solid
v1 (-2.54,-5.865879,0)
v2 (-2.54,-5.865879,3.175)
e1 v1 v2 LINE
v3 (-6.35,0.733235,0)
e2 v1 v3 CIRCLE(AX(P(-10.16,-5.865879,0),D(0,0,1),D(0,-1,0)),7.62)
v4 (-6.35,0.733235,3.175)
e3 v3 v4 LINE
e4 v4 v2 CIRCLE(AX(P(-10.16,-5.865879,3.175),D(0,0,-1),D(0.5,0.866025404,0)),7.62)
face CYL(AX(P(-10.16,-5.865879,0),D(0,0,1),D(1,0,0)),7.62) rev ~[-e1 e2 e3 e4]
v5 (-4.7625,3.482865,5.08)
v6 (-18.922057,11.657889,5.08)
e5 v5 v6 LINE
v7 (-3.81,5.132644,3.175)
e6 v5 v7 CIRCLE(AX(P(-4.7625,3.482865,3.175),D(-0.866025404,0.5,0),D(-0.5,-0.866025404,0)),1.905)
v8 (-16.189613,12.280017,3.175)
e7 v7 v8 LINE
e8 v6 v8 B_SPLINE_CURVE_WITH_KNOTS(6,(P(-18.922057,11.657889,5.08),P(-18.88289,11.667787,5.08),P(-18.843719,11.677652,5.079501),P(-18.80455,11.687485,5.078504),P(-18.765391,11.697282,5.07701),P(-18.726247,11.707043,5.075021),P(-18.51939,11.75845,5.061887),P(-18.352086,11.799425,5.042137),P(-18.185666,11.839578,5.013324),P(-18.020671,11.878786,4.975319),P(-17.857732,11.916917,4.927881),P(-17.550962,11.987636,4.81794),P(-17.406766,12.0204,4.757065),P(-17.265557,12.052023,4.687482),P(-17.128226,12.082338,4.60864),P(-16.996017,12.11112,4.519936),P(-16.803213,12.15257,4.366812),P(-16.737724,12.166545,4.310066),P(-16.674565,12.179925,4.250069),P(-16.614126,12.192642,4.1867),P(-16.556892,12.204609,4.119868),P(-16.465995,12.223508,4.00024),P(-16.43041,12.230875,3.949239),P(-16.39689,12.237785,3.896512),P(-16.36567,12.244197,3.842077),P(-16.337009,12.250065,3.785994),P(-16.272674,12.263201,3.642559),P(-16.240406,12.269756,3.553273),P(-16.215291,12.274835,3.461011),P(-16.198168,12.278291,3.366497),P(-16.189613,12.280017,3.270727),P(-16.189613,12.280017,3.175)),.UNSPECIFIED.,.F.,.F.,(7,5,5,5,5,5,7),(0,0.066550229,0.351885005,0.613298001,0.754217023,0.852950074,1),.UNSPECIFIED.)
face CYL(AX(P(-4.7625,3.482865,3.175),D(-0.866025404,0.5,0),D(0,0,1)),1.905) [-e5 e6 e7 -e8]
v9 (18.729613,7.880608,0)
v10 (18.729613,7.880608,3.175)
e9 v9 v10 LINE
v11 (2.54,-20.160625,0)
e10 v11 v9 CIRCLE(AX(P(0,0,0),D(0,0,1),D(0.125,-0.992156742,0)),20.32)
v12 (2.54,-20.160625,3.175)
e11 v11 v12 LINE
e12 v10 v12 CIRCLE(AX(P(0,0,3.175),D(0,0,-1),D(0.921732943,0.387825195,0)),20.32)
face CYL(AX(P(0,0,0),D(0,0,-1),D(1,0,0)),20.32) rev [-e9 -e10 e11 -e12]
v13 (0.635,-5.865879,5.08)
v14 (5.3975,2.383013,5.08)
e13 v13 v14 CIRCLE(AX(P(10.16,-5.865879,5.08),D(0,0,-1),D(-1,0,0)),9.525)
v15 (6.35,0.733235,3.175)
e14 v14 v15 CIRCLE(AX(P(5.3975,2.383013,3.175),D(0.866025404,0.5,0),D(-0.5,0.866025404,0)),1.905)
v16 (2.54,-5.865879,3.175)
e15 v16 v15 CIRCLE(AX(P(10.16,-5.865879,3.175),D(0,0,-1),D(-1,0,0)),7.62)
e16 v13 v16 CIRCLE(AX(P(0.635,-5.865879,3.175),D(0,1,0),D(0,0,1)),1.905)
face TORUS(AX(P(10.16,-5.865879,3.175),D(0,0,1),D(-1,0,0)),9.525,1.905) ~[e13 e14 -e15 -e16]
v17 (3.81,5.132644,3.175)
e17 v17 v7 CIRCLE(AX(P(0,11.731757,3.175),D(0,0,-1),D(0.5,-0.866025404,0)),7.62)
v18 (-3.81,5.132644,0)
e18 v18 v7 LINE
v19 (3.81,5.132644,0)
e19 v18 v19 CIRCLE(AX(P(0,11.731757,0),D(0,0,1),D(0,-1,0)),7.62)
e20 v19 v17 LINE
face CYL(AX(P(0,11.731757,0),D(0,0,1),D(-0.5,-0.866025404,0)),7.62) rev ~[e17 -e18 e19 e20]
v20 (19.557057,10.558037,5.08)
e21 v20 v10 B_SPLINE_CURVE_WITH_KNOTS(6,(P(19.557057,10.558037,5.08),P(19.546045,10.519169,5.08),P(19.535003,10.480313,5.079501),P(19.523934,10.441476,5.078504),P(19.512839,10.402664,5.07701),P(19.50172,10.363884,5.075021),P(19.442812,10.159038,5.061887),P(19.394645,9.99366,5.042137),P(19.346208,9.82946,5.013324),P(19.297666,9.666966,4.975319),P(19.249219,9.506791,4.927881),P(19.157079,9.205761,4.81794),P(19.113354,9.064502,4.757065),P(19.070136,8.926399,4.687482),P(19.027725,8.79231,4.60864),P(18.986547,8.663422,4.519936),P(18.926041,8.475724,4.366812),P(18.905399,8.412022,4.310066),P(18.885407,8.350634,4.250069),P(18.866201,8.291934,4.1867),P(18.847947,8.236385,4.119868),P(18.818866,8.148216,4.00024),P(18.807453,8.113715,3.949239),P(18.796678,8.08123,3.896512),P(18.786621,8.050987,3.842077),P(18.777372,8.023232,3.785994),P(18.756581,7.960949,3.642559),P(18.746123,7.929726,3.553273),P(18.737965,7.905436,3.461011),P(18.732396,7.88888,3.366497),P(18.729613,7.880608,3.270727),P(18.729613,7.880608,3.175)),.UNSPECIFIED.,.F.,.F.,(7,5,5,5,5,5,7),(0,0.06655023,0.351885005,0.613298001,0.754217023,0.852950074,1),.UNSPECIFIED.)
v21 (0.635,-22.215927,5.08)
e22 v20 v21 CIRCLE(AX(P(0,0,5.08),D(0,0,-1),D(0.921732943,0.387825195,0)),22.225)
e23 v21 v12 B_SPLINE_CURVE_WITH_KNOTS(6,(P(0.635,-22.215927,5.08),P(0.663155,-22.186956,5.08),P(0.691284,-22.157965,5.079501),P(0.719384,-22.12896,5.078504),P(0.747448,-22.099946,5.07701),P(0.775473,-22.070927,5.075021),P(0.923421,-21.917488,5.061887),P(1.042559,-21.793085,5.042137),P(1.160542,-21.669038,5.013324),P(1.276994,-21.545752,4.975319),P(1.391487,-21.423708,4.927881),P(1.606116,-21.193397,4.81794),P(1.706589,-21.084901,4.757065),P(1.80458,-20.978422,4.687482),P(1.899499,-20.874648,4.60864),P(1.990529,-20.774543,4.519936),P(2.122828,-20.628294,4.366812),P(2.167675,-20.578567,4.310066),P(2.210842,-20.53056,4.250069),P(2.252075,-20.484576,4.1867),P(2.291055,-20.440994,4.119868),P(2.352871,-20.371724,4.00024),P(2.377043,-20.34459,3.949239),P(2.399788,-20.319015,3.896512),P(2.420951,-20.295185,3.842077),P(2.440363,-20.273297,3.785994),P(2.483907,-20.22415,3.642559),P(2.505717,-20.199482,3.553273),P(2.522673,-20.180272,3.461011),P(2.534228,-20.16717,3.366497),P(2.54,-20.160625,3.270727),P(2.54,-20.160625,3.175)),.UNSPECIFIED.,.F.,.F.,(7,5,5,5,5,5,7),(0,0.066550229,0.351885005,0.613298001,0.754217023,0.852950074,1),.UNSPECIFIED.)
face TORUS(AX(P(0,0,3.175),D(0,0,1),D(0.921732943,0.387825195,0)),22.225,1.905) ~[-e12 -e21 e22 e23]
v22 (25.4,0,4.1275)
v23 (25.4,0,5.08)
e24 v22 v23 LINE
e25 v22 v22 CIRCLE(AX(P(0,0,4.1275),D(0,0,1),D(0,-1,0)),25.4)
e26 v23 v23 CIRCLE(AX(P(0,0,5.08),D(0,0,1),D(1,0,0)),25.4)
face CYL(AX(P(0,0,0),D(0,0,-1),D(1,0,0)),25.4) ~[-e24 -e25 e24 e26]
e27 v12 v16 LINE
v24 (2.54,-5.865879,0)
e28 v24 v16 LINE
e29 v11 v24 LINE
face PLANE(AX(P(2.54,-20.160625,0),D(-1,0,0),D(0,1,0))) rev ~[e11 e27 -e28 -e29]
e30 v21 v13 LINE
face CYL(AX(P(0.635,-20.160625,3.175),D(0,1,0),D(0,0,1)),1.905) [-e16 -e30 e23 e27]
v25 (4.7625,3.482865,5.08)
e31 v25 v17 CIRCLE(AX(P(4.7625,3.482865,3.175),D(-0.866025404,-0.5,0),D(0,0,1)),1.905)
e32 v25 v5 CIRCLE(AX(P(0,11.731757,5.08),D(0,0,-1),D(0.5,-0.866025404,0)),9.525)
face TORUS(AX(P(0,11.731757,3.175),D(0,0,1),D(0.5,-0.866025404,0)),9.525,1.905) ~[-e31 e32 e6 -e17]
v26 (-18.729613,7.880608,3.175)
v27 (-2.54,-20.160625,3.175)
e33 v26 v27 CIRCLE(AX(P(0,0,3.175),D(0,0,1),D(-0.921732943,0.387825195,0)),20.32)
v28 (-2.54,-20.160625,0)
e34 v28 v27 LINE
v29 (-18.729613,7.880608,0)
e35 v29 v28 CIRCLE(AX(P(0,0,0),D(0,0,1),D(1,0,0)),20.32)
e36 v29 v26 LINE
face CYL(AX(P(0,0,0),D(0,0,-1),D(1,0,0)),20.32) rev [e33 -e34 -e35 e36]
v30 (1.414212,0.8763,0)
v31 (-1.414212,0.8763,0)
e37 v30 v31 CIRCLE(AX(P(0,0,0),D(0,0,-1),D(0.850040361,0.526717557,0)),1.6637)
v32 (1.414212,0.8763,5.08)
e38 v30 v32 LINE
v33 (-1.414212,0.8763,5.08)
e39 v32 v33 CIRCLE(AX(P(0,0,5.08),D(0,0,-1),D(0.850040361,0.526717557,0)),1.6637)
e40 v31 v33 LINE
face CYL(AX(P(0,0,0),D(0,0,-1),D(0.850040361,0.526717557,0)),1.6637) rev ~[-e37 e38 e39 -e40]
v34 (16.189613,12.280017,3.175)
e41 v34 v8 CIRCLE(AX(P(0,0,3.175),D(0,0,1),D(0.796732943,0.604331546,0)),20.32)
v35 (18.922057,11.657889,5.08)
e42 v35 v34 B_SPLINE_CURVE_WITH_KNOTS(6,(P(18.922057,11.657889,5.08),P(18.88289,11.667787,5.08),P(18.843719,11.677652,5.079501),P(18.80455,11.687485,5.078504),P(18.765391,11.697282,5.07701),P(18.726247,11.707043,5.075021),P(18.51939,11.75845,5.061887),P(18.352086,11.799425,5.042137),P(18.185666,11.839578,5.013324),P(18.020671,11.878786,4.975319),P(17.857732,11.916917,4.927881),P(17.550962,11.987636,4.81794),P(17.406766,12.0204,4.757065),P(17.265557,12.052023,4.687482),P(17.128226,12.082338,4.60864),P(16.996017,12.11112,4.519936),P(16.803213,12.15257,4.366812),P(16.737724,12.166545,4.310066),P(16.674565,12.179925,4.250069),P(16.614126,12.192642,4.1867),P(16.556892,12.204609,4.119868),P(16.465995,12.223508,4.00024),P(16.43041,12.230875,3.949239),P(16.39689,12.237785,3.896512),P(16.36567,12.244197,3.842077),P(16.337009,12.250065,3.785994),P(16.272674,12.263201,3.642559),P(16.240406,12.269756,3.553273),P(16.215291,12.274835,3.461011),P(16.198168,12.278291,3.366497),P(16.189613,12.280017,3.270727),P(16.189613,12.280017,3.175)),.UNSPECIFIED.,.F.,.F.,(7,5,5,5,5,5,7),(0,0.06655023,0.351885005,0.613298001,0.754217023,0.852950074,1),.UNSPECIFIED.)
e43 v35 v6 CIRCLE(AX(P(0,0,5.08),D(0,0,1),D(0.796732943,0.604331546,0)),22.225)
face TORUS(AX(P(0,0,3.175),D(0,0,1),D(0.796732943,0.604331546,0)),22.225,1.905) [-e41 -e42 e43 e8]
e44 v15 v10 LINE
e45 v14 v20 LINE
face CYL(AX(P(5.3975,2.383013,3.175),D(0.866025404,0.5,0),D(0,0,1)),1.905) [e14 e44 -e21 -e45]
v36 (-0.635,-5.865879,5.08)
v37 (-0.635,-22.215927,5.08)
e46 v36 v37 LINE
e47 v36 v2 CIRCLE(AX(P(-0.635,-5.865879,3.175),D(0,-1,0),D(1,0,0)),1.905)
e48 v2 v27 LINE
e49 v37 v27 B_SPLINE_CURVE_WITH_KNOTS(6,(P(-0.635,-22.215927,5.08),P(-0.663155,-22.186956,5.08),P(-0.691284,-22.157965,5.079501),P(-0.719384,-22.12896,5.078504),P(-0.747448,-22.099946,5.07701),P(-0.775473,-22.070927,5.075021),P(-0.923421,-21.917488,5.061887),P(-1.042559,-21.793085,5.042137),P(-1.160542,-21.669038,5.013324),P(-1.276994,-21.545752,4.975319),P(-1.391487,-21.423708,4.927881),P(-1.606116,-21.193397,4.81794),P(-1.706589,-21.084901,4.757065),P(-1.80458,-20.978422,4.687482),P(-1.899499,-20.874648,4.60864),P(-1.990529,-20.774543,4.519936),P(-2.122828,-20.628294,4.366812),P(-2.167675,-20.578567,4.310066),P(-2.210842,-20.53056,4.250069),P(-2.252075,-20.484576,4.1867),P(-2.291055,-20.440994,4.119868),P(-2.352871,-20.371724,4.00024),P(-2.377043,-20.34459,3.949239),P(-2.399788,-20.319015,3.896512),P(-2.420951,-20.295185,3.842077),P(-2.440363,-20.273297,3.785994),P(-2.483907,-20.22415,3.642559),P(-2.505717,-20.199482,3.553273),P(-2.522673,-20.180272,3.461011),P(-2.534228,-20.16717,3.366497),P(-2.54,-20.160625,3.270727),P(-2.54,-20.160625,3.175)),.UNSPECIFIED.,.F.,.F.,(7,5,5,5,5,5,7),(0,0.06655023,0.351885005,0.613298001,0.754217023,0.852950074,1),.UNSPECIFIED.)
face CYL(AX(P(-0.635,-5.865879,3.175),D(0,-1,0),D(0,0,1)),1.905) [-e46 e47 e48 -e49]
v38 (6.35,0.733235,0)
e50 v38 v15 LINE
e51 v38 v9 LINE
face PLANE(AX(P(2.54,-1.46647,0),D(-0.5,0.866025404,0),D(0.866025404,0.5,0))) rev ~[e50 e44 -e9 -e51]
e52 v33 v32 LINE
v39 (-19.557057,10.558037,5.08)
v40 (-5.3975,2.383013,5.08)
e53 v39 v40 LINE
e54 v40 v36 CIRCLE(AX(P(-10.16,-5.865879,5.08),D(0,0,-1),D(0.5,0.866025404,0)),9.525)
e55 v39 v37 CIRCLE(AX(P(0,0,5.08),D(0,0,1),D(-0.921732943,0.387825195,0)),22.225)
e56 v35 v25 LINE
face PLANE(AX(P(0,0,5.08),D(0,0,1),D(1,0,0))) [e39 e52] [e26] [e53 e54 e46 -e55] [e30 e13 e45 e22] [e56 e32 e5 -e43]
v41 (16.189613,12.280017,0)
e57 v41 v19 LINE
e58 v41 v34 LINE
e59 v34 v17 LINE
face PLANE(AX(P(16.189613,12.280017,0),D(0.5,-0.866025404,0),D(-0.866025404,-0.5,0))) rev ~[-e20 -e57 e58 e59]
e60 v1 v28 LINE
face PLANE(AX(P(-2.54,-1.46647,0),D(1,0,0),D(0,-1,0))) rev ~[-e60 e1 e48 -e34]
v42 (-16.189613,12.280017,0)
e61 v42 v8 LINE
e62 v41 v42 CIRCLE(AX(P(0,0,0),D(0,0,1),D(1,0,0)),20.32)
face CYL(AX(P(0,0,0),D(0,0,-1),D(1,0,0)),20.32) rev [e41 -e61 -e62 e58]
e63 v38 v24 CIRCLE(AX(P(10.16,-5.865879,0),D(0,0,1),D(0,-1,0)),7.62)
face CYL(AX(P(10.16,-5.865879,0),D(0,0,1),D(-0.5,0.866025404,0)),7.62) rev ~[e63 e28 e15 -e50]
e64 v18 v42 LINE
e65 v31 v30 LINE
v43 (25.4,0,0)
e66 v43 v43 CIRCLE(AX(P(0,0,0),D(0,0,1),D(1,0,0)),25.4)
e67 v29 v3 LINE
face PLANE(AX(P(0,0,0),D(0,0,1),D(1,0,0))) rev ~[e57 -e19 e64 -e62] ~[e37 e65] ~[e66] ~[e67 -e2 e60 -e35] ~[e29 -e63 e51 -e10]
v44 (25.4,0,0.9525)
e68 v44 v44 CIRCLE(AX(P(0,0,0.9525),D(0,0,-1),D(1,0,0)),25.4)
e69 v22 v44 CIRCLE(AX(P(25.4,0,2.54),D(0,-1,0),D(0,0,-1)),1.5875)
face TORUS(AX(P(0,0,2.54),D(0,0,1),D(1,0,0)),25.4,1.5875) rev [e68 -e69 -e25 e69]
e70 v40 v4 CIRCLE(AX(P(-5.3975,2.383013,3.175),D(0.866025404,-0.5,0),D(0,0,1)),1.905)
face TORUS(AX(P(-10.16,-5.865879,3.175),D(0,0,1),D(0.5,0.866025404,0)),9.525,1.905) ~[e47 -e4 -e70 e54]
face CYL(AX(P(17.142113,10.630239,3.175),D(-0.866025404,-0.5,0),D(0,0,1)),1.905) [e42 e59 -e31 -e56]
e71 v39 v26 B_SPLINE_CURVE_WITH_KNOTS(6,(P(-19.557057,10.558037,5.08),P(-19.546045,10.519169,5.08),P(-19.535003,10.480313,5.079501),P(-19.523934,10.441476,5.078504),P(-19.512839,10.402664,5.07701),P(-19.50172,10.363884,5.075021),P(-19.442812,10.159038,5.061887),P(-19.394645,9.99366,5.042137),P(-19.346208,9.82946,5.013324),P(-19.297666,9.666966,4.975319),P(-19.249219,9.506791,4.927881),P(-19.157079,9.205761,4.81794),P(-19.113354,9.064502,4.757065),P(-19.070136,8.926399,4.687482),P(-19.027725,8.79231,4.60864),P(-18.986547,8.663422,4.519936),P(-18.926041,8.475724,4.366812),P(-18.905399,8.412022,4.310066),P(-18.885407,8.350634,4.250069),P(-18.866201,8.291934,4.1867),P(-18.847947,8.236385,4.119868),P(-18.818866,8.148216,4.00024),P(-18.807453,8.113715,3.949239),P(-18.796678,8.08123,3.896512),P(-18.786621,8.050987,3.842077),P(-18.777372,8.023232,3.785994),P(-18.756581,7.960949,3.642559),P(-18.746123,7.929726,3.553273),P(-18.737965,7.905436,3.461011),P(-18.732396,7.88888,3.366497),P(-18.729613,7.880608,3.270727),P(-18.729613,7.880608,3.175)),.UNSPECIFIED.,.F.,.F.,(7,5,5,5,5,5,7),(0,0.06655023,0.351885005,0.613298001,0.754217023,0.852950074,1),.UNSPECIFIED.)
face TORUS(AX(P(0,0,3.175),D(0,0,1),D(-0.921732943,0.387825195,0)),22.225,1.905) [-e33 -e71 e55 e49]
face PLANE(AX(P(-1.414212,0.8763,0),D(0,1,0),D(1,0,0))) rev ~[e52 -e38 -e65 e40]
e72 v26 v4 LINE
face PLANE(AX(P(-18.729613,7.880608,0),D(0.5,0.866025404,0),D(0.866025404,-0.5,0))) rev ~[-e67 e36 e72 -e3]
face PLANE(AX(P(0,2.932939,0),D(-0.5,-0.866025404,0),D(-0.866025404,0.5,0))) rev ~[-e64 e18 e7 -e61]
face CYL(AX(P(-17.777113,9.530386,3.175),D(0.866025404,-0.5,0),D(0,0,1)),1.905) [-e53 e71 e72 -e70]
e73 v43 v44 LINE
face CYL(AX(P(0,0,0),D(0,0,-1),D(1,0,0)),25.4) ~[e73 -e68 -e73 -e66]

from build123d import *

# Parameters (mm, degrees)
SKETCH1_R           = 25.4
BOSS_EXTRUDE1_DEPTH = 5.08
FILLET4_R           = 7.62
FILLET5_R           = 1.905
SKETCH2_R           = 1.5875


with BuildPart() as part:
    # Sketch1 → Boss-Extrude1 (new body)
    with BuildSketch(Plane.XY):
        Circle(SKETCH1_R)
        with BuildLine():
            Line((2.54, -20.16062499), (2.54, -1.466469684))
            Line((2.54, -1.466469684), (18.729613398, 7.88060797))
            ThreePointArc((18.729613398, 7.88060797), (17.597636205, -10.16), (2.54, -20.16062499))
        make_face(mode=Mode.SUBTRACT)
        with BuildLine():
            Line((-2.54, -1.466469684), (-2.54, -20.16062499))
            ThreePointArc((-2.54, -20.16062499), (-17.597636205, -10.16), (-18.729613398, 7.88060797))
            Line((-18.729613398, 7.88060797), (-2.54, -1.466469684))
        make_face(mode=Mode.SUBTRACT)
        with BuildLine():
            Line((0, 2.932939367), (-16.189613398, 12.280017021))
            ThreePointArc((-16.189613398, 12.280017021), (0, 20.32), (16.189613398, 12.280017021))
            Line((16.189613398, 12.280017021), (0, 2.932939367))
        make_face(mode=Mode.SUBTRACT)
        with BuildLine():
            ThreePointArc((1.414212148, 0.8763), (0, -1.6637), (-1.414212148, 0.8763))
            Line((-1.414212148, 0.8763), (1.414212148, 0.8763))
        make_face(mode=Mode.SUBTRACT)
    extrude(amount=BOSS_EXTRUDE1_DEPTH)

    # Fillet4
    fillet4_edges = [part.edges().sort_by_distance(p)[0] for p in [
        (0, 2.932939367, 2.54),
        (2.54, -1.466469684, 2.54),
        (-2.54, -1.466469684, 2.54),
    ]]
    fillet(fillet4_edges, radius=FILLET4_R)

    # Fillet5
    fillet5_edges = [part.edges().sort_by_distance(p)[0] for p in [
        (9.999806699, 8.706330457, 5.08),
        (-9.999806699, 8.706330457, 5.08),
        (12.539806699, 4.306921406, 5.08),
        (3.560886423, -2.055878735, 5.08),
        (-2.54, -13.013251863, 5.08),
        (-3.560886423, -2.055878735, 5.08),
        (0, 20.32, 5.08),
        (-17.597636205, -10.16, 5.08),
        (17.597636205, -10.16, 5.08),
        (0, 4.11175747, 5.08),
        (2.54, -13.013251863, 5.08),
        (-12.539806699, 4.306921406, 5.08),
    ]]
    fillet(fillet5_edges, radius=FILLET5_R)

    # Sketch2 → Cut-Revolve1 (revolve, cut)
    with BuildSketch(Plane(origin=(0, 0, 0), x_dir=(0, 0, -1), z_dir=(1, 0, 0))):
        with Locations((-2.54, 25.4)):
            Circle(SKETCH2_R)
    revolve(axis=Axis((0, 0, 5.08), (0, 0, -1)), mode=Mode.SUBTRACT)


solid = part.part
